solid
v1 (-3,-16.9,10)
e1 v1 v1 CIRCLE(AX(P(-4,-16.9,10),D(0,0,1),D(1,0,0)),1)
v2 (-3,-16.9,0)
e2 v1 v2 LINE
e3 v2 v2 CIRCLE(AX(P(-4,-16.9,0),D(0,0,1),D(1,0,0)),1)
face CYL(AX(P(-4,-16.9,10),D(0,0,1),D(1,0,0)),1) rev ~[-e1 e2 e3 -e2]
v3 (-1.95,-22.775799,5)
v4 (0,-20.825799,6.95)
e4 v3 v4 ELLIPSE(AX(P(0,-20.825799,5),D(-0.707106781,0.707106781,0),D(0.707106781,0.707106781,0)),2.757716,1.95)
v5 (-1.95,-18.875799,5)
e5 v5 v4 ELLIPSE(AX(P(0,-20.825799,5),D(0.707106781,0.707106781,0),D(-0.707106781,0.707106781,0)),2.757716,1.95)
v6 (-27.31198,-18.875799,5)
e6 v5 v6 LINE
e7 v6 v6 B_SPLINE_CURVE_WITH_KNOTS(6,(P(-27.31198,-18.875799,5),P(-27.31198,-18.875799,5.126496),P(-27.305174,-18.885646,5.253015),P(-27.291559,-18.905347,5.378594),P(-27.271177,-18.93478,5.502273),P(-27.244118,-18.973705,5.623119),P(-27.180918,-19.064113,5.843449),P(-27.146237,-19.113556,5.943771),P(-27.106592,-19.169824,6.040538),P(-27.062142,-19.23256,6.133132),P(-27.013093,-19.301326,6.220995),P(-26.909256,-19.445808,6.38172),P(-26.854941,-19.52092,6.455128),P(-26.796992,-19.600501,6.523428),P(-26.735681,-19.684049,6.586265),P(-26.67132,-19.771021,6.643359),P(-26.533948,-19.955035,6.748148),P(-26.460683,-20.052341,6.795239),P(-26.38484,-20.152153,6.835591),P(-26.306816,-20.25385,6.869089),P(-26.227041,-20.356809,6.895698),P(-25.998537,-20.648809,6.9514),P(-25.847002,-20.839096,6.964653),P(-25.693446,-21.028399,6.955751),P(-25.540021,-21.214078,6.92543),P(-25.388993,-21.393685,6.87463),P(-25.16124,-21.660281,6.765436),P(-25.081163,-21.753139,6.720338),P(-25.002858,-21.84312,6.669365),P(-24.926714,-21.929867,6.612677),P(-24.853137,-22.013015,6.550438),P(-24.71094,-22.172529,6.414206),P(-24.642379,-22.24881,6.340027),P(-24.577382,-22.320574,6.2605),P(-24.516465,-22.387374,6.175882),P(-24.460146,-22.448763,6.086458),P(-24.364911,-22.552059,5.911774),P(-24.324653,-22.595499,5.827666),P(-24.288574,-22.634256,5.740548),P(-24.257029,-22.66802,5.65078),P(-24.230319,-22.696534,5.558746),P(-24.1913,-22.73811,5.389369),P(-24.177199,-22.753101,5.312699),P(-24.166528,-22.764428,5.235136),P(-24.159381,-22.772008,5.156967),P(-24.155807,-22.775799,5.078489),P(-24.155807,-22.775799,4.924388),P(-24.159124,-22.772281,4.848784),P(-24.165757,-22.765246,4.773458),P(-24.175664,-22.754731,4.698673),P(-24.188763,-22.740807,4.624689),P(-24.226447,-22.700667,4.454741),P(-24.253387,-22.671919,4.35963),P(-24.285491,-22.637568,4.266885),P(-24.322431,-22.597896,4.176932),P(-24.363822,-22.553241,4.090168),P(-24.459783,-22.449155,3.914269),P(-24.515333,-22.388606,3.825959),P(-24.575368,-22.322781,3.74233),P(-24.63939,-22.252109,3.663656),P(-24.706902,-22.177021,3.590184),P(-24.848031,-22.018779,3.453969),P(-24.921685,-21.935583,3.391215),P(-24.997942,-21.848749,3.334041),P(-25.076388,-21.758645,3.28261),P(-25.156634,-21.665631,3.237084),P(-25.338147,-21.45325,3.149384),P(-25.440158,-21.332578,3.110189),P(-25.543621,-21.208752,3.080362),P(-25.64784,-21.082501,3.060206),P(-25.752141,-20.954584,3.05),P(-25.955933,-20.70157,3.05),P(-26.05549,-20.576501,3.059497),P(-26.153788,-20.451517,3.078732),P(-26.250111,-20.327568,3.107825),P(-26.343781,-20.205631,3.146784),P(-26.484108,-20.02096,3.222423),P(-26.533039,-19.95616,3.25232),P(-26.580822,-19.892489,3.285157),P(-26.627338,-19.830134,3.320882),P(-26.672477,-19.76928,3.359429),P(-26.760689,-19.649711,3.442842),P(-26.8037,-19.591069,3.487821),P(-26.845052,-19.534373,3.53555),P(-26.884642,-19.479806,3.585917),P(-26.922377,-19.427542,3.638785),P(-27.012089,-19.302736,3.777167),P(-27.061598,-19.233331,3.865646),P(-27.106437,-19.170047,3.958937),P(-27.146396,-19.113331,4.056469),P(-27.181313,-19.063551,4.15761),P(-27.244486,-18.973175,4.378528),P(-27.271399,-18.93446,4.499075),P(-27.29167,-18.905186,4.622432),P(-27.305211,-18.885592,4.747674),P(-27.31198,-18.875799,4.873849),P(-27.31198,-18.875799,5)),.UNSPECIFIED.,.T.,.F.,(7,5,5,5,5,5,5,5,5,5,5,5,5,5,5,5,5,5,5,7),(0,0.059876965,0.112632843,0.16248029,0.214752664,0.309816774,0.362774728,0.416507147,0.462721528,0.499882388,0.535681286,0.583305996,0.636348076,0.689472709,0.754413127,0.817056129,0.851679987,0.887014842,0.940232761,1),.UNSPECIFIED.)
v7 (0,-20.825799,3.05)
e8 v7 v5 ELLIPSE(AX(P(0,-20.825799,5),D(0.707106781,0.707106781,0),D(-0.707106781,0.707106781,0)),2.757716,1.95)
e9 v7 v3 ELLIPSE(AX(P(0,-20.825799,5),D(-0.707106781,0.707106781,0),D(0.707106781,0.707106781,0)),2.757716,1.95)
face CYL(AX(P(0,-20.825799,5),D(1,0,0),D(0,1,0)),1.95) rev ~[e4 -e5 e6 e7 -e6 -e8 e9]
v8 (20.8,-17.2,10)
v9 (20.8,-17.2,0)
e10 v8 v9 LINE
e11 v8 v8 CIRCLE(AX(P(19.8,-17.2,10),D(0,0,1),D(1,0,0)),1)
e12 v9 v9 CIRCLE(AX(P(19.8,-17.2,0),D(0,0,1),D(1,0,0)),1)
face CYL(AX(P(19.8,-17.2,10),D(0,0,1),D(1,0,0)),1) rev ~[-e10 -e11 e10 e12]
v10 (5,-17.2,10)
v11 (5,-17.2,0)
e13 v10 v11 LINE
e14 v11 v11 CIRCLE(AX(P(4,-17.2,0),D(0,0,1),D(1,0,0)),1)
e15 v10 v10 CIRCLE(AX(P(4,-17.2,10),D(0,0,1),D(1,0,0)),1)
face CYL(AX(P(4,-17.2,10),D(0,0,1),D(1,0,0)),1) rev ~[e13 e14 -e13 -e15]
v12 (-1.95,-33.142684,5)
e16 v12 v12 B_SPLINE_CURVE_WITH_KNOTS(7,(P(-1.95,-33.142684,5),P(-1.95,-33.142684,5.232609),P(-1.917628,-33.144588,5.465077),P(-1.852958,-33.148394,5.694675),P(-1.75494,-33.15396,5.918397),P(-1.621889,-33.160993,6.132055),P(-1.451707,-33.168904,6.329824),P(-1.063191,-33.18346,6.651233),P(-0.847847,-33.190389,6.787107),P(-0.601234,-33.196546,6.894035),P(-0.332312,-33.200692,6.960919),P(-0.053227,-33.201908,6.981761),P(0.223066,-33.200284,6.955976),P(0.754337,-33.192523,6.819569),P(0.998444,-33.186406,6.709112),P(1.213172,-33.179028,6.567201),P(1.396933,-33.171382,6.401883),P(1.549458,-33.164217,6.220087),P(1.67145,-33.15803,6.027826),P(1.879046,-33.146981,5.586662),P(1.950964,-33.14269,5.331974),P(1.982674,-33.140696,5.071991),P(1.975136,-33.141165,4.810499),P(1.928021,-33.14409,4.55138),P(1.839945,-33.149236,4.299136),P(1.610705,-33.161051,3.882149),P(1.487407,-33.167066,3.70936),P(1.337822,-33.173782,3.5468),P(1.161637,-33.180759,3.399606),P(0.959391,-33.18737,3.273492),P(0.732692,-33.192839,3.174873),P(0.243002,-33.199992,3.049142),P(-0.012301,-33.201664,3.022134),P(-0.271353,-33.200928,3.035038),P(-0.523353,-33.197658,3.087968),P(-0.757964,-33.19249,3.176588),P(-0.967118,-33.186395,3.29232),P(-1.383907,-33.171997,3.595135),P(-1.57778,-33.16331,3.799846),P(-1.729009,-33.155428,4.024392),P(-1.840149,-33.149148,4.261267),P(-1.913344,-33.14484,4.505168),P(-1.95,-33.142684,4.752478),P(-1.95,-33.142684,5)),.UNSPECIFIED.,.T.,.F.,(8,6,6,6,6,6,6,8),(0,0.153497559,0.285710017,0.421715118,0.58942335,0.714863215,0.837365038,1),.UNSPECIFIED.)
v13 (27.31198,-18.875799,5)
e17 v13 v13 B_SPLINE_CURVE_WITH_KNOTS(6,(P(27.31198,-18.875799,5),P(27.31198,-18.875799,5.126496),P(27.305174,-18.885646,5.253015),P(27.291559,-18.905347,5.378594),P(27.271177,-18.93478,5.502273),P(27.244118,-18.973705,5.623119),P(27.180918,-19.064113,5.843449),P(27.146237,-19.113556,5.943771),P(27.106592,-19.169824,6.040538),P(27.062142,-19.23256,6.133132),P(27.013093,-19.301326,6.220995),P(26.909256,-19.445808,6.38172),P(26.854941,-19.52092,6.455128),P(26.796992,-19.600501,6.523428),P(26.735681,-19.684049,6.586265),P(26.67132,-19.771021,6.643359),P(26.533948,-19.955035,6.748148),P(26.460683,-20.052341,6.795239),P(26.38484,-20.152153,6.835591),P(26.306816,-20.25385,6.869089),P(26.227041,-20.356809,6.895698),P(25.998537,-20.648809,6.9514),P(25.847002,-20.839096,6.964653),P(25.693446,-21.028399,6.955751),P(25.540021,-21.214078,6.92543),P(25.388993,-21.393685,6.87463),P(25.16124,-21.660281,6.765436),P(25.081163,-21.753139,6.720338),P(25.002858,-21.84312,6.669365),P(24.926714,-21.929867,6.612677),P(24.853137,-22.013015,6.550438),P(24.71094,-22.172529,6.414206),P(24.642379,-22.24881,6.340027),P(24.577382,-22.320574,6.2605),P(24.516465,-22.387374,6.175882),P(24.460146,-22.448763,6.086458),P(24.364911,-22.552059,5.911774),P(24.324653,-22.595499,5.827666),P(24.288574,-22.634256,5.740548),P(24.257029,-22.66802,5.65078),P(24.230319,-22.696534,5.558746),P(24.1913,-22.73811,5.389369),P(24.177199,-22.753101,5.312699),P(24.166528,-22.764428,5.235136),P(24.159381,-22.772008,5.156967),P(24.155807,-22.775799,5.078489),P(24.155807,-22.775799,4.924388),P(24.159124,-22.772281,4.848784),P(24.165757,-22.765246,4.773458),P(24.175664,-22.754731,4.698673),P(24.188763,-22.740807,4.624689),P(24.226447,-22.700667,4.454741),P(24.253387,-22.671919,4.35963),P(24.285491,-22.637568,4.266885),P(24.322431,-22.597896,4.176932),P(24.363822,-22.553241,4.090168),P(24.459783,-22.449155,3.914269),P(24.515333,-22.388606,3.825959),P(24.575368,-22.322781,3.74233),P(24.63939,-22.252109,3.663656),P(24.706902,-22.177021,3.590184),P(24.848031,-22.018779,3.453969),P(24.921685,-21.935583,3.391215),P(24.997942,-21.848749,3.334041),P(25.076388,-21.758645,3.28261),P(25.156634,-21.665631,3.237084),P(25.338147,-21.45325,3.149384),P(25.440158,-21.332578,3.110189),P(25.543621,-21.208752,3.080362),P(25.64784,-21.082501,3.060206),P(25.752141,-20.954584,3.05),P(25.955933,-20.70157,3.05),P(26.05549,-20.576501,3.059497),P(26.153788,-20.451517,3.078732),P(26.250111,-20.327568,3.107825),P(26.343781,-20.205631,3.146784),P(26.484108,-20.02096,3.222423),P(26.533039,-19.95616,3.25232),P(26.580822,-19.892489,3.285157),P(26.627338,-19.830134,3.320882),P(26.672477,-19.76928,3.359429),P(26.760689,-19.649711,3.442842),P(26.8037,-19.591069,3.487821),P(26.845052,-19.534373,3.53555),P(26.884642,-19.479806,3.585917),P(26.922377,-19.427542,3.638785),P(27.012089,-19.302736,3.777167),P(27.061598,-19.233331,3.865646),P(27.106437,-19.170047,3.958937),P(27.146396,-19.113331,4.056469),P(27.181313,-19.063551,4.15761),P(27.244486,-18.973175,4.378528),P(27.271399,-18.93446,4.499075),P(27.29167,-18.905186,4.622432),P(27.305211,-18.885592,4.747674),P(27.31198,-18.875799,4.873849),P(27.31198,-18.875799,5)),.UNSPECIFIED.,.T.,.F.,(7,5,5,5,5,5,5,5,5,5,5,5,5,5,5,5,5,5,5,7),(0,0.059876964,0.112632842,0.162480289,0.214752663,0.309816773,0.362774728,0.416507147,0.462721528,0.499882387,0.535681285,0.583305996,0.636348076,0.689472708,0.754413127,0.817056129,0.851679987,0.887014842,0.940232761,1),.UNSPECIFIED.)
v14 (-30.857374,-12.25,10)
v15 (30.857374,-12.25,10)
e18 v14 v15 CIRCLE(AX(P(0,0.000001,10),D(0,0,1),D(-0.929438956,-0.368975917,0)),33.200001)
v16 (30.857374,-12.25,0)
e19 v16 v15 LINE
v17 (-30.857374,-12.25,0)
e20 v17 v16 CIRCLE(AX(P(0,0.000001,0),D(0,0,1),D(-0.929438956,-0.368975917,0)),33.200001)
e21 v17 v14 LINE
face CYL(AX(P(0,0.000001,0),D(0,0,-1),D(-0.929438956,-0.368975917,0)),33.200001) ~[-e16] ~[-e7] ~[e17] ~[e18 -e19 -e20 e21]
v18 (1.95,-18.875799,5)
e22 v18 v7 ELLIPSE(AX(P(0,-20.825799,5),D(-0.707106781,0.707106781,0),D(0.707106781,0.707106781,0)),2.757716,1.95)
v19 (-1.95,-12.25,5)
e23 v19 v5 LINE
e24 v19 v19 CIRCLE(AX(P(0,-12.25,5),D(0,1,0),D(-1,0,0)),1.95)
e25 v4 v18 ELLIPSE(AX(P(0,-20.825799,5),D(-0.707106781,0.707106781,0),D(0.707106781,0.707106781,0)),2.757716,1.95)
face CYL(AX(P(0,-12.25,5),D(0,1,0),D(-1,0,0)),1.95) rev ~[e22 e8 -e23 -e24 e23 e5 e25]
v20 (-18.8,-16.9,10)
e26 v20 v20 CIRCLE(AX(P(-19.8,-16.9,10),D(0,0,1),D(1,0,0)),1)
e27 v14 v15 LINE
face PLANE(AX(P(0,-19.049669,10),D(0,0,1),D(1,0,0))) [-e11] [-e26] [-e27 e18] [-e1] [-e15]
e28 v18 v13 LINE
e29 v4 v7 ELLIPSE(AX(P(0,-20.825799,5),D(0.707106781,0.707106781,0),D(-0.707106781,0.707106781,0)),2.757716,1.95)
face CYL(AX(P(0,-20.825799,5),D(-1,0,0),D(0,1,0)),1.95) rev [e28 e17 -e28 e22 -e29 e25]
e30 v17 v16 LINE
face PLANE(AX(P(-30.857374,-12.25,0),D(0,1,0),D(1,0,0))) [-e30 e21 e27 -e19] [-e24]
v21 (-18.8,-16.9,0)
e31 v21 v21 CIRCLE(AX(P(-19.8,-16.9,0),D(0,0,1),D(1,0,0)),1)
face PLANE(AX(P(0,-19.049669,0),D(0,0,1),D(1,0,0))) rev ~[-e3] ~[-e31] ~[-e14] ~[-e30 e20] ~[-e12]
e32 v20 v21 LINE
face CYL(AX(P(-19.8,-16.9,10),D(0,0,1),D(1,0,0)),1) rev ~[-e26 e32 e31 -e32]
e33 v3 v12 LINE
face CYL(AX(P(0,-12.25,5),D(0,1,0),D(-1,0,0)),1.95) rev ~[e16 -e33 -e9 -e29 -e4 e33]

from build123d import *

# Parameters (mm, degrees)
PAD003_DEPTH         = 10
SKETCH004_R          = 1
POCKET_DEPTH         = 10.001
SKETCH006_R          = 1.95
POCKET002_DEPTH      = 20.951
SKETCH007_R          = 1.95
POCKET003_DEPTH      = 100
POCKET003_DEPTH_BACK = 100


with BuildPart() as part:
    # Sketch003 → Pad003 (new body)
    with BuildSketch(Plane.XY):
        with BuildLine():
            ThreePointArc((-30.857374, -12.25), (0, -33.2), (30.857374, -12.25))
            Line((-30.857374, -12.25), (30.857374, -12.25))
        make_face()
    extrude(amount=PAD003_DEPTH)

    # Sketch004 (on Face4 of Pad003) → Pocket (cut, through all)
    with BuildSketch(Plane.XY.offset(10)):
        with Locations((4, -17.2)):
            Circle(SKETCH004_R)
        with Locations((19.8, -17.2)):
            Circle(SKETCH004_R)
        with Locations((-4, -16.9)):
            Circle(SKETCH004_R)
        with Locations((-19.8, -16.9)):
            Circle(SKETCH004_R)
    extrude(amount=-POCKET_DEPTH, mode=Mode.SUBTRACT)

    # Sketch006 (on Face2 of Pocket) → Pocket002 (cut, through all)
    with BuildSketch(Plane(origin=(0, -12.25, 0), x_dir=(-1, 0, 0), z_dir=(0, 1, 0))):
        with Locations((0, 5)):
            Circle(SKETCH006_R)
    extrude(amount=-POCKET002_DEPTH, mode=Mode.SUBTRACT)

    # Sketch007 → Pocket003 (cut, two sides)
    with BuildSketch(Plane.YZ) as pocket003_sk:
        with Locations((-20.825799, 5)):
            Circle(SKETCH007_R)
    extrude(amount=-POCKET003_DEPTH, mode=Mode.SUBTRACT)
    extrude(pocket003_sk.sketch, amount=POCKET003_DEPTH_BACK, mode=Mode.SUBTRACT)


solid = part.part
